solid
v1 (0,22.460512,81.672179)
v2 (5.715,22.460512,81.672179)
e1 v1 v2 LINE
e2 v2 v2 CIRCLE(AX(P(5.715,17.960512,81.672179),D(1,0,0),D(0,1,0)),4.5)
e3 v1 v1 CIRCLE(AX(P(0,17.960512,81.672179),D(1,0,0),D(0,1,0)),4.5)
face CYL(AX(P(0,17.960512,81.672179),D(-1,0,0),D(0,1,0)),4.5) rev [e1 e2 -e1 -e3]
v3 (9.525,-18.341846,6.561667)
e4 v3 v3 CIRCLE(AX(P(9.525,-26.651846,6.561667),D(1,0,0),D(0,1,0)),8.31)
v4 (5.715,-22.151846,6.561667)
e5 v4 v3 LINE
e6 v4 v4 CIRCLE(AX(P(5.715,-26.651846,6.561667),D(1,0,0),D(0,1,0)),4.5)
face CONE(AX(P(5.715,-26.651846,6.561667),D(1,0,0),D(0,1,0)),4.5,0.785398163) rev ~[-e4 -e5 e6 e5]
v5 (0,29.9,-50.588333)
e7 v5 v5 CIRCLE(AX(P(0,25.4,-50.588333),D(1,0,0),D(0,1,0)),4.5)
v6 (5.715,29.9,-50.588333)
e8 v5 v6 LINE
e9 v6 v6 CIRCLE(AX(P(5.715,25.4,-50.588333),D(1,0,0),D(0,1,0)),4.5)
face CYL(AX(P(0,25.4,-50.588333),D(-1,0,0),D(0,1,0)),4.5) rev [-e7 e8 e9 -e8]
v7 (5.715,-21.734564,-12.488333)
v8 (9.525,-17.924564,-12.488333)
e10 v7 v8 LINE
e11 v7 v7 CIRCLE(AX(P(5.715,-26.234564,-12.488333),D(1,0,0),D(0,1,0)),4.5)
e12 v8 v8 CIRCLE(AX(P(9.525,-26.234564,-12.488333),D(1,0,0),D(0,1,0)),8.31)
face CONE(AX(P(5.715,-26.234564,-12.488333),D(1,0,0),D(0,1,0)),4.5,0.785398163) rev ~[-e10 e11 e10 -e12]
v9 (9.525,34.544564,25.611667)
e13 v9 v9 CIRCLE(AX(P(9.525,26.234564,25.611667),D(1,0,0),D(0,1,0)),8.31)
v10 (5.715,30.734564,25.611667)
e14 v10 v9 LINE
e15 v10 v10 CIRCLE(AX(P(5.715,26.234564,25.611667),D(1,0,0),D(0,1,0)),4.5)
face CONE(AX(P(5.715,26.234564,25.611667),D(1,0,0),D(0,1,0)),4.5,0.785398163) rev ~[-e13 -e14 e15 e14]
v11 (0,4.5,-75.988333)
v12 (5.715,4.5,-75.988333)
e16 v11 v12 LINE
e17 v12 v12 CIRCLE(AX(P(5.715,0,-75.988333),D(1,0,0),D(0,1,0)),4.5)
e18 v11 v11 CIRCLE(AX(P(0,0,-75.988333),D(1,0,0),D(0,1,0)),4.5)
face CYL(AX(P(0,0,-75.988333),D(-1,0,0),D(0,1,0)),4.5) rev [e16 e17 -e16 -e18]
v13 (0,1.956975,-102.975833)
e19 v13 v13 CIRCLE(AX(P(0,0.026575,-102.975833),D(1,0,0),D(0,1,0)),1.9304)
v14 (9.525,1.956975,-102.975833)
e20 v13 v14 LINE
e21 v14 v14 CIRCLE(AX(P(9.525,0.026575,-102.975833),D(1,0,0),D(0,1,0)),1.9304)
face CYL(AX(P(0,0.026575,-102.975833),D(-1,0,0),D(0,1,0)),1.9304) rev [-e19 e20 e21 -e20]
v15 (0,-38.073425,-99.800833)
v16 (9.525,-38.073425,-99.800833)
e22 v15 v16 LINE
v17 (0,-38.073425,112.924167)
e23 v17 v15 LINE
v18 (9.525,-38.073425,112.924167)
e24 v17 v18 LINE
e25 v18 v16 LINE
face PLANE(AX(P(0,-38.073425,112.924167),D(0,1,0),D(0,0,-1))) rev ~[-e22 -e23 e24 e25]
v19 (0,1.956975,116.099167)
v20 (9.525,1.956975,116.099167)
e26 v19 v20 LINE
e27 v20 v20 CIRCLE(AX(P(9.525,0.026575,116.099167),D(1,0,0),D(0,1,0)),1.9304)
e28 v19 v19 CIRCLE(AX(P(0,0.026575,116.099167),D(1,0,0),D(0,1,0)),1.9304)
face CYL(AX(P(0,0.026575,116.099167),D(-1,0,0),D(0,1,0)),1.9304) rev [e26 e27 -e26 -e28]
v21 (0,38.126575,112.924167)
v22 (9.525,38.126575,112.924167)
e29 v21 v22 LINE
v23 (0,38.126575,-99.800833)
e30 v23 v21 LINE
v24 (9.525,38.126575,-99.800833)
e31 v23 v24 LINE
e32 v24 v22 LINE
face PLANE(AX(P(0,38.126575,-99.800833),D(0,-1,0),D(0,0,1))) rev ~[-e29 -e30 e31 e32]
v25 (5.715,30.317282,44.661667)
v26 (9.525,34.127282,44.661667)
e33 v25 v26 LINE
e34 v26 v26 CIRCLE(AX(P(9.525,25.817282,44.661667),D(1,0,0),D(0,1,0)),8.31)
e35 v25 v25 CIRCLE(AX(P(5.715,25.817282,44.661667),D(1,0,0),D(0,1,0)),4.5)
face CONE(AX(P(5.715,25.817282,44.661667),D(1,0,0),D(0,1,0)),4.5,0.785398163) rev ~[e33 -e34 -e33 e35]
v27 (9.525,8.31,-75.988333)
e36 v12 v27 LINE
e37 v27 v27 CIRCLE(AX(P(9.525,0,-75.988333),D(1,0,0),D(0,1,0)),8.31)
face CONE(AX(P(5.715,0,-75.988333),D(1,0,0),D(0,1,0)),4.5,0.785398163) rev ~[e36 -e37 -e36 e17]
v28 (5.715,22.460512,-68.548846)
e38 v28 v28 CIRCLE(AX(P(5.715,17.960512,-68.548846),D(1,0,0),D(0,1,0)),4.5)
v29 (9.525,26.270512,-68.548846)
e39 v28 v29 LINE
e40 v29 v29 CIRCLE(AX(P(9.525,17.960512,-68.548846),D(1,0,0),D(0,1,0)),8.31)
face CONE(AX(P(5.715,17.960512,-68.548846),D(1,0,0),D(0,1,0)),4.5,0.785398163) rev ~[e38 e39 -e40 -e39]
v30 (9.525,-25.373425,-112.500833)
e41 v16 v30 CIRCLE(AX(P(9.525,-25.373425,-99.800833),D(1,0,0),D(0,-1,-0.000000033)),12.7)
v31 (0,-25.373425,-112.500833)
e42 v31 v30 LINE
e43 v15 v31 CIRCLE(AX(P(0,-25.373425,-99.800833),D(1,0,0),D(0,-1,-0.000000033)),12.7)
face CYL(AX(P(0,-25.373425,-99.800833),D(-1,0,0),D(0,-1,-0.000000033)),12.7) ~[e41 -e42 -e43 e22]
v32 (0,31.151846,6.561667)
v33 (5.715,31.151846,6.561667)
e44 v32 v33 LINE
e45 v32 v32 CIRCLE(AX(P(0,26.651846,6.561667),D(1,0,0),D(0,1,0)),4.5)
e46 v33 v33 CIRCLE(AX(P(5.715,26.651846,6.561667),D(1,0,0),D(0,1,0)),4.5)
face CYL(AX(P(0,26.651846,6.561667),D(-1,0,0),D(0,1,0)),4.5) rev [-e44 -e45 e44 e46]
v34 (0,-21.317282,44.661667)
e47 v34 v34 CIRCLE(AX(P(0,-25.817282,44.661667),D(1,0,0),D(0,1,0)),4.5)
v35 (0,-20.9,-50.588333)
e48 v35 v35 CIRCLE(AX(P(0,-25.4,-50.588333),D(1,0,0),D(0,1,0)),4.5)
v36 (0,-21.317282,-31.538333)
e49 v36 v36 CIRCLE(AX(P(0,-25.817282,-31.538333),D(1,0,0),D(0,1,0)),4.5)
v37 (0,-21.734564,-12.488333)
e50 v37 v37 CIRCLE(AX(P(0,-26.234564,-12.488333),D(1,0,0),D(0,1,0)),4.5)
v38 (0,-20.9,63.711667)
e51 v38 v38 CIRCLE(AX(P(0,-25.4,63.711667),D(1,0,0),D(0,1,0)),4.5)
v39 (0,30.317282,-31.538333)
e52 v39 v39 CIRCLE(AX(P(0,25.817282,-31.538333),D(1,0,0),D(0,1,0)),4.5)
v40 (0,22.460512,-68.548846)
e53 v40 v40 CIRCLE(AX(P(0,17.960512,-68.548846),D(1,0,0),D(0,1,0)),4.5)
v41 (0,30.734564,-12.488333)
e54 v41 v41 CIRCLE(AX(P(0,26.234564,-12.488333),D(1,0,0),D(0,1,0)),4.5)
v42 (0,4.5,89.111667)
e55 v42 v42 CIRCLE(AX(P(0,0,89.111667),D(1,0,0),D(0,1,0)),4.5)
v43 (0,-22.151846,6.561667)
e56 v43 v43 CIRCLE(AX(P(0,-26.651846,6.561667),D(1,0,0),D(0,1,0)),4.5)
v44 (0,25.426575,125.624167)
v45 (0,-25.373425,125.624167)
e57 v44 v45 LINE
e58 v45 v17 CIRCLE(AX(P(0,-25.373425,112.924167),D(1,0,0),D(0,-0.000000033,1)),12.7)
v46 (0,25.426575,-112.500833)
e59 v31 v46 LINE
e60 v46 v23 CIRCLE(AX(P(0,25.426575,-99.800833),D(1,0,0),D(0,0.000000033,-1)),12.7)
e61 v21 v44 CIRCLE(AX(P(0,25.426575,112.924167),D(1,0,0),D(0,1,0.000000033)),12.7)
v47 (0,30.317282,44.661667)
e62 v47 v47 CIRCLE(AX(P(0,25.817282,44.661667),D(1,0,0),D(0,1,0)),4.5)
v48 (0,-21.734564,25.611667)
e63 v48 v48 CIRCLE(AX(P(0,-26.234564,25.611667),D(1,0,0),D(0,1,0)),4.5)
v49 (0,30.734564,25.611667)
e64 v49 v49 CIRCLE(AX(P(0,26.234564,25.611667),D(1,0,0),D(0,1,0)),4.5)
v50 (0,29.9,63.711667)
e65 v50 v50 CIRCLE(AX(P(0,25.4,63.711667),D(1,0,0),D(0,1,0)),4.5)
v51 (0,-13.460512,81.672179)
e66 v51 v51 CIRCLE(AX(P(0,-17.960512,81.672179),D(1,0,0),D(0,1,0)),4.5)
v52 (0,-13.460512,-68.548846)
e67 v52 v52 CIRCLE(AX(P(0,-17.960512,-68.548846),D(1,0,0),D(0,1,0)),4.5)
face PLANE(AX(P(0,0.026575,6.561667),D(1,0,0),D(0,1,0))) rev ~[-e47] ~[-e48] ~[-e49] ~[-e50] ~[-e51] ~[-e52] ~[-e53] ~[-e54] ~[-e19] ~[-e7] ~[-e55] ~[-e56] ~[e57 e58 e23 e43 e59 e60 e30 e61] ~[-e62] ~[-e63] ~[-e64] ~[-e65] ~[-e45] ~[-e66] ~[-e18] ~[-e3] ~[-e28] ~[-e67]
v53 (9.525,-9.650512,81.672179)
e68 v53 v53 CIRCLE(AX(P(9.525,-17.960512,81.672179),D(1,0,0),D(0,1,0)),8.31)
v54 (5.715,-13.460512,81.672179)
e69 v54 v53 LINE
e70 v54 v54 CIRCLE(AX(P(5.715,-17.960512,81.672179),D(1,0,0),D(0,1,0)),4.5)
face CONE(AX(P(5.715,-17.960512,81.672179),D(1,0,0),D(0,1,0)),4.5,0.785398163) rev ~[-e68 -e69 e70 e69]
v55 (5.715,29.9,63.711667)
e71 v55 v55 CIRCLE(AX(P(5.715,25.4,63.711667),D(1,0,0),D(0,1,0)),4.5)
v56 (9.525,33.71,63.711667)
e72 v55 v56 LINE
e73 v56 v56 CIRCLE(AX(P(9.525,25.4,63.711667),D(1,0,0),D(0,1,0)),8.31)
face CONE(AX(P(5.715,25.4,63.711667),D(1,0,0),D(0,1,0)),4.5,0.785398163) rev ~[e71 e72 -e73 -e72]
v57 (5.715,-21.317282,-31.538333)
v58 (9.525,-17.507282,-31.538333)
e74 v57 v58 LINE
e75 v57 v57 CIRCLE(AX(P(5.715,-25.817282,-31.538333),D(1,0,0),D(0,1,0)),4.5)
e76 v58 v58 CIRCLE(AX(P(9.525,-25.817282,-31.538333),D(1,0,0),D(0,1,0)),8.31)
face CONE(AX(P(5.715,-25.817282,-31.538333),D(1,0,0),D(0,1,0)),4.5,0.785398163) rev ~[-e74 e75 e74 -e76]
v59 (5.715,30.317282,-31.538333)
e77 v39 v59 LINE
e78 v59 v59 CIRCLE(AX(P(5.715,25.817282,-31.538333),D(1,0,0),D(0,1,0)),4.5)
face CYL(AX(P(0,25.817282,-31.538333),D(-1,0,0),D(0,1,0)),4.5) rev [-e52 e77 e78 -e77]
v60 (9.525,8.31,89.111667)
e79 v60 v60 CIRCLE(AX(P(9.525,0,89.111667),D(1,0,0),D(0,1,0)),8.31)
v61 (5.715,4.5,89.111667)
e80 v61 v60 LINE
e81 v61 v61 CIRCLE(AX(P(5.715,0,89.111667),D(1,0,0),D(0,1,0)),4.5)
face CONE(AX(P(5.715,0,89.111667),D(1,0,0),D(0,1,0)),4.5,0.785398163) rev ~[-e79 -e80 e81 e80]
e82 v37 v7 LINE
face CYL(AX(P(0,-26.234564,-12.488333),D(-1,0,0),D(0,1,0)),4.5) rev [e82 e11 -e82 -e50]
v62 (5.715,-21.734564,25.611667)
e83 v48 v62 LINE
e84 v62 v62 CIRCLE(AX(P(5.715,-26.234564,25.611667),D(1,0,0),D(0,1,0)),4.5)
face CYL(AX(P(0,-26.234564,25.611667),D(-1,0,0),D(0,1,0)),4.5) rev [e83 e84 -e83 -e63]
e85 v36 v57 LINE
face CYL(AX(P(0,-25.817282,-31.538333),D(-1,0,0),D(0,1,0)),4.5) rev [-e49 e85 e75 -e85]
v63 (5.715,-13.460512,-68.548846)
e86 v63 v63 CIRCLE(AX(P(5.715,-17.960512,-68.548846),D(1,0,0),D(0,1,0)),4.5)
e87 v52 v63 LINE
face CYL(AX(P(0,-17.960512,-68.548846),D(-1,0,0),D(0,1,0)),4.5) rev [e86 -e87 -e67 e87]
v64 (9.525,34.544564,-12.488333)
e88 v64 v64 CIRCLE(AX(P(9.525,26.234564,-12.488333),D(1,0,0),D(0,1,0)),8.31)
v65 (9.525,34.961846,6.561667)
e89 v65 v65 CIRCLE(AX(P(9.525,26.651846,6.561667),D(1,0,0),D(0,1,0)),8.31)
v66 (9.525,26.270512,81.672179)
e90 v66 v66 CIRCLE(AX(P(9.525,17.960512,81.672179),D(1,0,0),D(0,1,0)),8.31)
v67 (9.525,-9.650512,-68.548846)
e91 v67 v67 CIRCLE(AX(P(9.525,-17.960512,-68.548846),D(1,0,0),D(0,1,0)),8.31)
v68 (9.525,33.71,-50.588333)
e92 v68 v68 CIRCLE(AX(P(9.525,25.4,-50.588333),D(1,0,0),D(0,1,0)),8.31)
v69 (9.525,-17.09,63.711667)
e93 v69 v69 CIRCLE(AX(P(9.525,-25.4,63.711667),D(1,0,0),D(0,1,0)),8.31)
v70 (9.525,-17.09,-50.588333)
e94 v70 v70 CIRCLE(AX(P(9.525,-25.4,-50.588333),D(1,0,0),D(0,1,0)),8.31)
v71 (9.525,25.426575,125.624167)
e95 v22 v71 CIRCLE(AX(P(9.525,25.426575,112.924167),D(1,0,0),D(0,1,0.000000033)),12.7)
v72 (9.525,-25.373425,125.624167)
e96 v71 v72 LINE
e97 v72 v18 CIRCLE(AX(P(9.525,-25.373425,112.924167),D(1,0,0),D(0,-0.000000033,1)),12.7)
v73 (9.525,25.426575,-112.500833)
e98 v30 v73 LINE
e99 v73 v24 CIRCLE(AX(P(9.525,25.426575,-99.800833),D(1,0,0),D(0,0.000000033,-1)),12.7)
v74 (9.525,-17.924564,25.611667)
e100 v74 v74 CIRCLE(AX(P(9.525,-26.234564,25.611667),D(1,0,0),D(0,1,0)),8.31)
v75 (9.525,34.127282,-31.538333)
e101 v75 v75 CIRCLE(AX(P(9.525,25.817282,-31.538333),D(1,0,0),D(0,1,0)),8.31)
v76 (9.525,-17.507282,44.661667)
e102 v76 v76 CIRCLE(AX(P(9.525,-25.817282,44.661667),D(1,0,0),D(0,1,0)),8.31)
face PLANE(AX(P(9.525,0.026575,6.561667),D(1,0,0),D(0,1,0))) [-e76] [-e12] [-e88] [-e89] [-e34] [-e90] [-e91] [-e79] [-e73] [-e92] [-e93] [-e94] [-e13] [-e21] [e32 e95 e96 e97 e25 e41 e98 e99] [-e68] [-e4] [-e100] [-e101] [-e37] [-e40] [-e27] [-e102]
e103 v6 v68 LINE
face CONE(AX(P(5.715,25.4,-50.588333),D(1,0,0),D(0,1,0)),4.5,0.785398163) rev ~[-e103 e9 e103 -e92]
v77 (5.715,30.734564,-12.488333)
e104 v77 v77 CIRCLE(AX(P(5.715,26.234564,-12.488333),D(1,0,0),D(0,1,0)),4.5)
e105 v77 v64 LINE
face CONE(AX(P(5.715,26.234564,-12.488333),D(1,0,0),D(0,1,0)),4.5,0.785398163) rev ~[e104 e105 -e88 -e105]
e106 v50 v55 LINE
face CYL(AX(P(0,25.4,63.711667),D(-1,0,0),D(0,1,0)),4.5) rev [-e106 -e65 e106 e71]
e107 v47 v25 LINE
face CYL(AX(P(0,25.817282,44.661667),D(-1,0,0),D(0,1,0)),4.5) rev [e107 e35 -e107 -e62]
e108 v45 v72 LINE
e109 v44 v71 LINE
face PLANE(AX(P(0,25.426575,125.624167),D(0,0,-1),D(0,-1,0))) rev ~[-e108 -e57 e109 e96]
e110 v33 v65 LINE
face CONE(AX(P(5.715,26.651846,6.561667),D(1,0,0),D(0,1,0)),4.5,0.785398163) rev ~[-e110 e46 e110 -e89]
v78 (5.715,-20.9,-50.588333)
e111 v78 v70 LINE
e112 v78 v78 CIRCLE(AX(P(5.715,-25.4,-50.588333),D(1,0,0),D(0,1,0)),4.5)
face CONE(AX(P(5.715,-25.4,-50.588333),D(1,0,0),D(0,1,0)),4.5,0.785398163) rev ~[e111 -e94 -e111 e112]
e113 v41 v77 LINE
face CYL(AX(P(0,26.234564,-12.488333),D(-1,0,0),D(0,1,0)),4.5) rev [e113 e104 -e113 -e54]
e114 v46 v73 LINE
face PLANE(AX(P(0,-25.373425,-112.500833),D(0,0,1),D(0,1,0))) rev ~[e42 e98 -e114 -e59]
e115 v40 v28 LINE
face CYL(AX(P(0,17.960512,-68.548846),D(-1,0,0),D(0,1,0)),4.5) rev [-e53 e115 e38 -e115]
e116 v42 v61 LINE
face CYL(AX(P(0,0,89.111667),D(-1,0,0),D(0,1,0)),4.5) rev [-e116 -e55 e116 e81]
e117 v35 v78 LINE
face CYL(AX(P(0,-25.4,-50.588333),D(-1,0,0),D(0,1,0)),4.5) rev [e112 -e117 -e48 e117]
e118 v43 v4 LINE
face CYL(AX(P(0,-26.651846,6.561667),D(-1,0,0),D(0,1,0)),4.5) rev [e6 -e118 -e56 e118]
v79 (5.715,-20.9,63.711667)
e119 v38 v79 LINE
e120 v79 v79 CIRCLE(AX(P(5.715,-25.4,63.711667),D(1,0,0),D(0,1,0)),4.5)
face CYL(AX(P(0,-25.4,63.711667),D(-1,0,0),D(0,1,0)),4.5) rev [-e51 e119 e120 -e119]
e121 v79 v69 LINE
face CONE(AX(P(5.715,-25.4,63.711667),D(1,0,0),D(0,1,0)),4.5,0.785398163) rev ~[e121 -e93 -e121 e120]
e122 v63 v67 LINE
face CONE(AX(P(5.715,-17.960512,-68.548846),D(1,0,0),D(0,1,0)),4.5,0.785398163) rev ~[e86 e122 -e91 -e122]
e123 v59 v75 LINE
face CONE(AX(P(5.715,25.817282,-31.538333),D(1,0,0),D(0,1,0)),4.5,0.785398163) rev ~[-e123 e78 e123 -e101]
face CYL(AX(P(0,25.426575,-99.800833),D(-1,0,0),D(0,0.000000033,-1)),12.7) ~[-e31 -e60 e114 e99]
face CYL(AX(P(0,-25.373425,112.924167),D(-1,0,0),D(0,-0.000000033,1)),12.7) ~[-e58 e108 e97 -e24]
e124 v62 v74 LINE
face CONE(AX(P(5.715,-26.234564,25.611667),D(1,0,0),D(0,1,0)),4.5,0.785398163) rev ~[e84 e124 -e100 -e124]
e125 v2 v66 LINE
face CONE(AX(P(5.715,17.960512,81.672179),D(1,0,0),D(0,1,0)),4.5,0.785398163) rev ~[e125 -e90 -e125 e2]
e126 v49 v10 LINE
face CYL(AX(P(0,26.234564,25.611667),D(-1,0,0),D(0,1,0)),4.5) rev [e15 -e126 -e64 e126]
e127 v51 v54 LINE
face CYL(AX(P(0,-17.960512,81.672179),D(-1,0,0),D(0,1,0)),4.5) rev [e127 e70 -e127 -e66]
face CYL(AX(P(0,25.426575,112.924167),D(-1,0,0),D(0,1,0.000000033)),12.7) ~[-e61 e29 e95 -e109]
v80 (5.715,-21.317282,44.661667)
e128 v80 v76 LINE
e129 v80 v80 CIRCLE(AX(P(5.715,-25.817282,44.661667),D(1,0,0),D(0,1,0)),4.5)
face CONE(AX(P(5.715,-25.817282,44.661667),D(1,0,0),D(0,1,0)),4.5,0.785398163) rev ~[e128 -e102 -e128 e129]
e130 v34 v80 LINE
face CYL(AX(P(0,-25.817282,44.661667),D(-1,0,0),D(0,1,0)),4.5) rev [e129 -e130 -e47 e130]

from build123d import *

# Parameters (mm, degrees)
F0_R     = 4.5
F0_R_2   = 1.9304
F1_DEPTH = 9.525
F2_SIZE  = 3.81


with BuildPart() as f1:
    # F0 (on Right) → F1 (new body)
    with BuildSketch(Plane.YZ):
        with BuildLine():
            ThreePointArc((-25.373425, 125.624167), (-34.353681, 121.904423), (-38.073425, 112.924167))
            Line((-38.073425, 112.924167), (-38.073425, -99.800833))
            ThreePointArc((-38.073425, -99.800833), (-34.353681, -108.781089), (-25.373425, -112.500833))
            Line((-25.373425, -112.500833), (0.026575, -112.500833))
            Line((0.026575, -112.500833), (25.426575, -112.500833))
            ThreePointArc((25.426575, -112.500833), (34.406831, -108.781089), (38.126575, -99.800833))
            Line((38.126575, -99.800833), (38.126575, 112.924167))
            ThreePointArc((38.126575, 112.924167), (34.406831, 121.904423), (25.426575, 125.624167))
            Line((25.426575, 125.624167), (0.026575, 125.624167))
            Line((0.026575, 125.624167), (-25.373425, 125.624167))
        make_face()
        with Locations((-17.960512, -68.548846)):
            Circle(F0_R, mode=Mode.SUBTRACT)
        with Locations((0, -75.988333)):
            Circle(F0_R, mode=Mode.SUBTRACT)
        with Locations((-25.4, -50.588333)):
            Circle(F0_R, mode=Mode.SUBTRACT)
        with Locations((-25.817282, -31.538333)):
            Circle(F0_R, mode=Mode.SUBTRACT)
        with Locations((-26.234564, -12.488333)):
            Circle(F0_R, mode=Mode.SUBTRACT)
        with Locations((-26.651846, 6.561667)):
            Circle(F0_R, mode=Mode.SUBTRACT)
        with Locations((0.026575, -102.975833)):
            Circle(F0_R_2, mode=Mode.SUBTRACT)
        with Locations((17.960512, -68.548846)):
            Circle(F0_R, mode=Mode.SUBTRACT)
        with Locations((25.4, -50.588333)):
            Circle(F0_R, mode=Mode.SUBTRACT)
        with Locations((25.817282, -31.538333)):
            Circle(F0_R, mode=Mode.SUBTRACT)
        with Locations((26.234564, -12.488333)):
            Circle(F0_R, mode=Mode.SUBTRACT)
        with Locations((26.651846, 6.561667)):
            Circle(F0_R, mode=Mode.SUBTRACT)
        with Locations((-26.234564, 25.611667)):
            Circle(F0_R, mode=Mode.SUBTRACT)
        with Locations((-25.817282, 44.661667)):
            Circle(F0_R, mode=Mode.SUBTRACT)
        with Locations((-25.4, 63.711667)):
            Circle(F0_R, mode=Mode.SUBTRACT)
        with Locations((-17.960512, 81.672179)):
            Circle(F0_R, mode=Mode.SUBTRACT)
        with Locations((0, 89.111667)):
            Circle(F0_R, mode=Mode.SUBTRACT)
        with Locations((0.026575, 116.099167)):
            Circle(F0_R_2, mode=Mode.SUBTRACT)
        with Locations((26.234564, 25.611667)):
            Circle(F0_R, mode=Mode.SUBTRACT)
        with Locations((25.817282, 44.661667)):
            Circle(F0_R, mode=Mode.SUBTRACT)
        with Locations((25.4, 63.711667)):
            Circle(F0_R, mode=Mode.SUBTRACT)
        with Locations((17.960512, 81.672179)):
            Circle(F0_R, mode=Mode.SUBTRACT)
    extrude(amount=F1_DEPTH)

    # F2
    f2_edges = [f1.edges().sort_by_distance(p)[0] for p in [
        (9.525, -4.5, 89.111667),
        (9.525, -22.460512, 81.672179),
        (9.525, -29.9, 63.711667),
        (9.525, -30.317282, 44.661667),
        (9.525, -30.734564, 25.611667),
        (9.525, -31.151846, 6.561667),
        (9.525, -30.734564, -12.488333),
        (9.525, -30.317282, -31.538333),
        (9.525, -29.9, -50.588333),
        (9.525, -22.460512, -68.548846),
        (9.525, -4.5, -75.988333),
        (9.525, 13.460512, -68.548846),
        (9.525, 20.9, -50.588333),
        (9.525, 21.317282, -31.538333),
        (9.525, 21.734564, -12.488333),
        (9.525, 22.151846, 6.561667),
        (9.525, 21.734564, 25.611667),
        (9.525, 21.317282, 44.661667),
        (9.525, 20.9, 63.711667),
        (9.525, 13.460512, 81.672179),
    ]]
    chamfer(f2_edges, length=F2_SIZE)


solid = f1.part
